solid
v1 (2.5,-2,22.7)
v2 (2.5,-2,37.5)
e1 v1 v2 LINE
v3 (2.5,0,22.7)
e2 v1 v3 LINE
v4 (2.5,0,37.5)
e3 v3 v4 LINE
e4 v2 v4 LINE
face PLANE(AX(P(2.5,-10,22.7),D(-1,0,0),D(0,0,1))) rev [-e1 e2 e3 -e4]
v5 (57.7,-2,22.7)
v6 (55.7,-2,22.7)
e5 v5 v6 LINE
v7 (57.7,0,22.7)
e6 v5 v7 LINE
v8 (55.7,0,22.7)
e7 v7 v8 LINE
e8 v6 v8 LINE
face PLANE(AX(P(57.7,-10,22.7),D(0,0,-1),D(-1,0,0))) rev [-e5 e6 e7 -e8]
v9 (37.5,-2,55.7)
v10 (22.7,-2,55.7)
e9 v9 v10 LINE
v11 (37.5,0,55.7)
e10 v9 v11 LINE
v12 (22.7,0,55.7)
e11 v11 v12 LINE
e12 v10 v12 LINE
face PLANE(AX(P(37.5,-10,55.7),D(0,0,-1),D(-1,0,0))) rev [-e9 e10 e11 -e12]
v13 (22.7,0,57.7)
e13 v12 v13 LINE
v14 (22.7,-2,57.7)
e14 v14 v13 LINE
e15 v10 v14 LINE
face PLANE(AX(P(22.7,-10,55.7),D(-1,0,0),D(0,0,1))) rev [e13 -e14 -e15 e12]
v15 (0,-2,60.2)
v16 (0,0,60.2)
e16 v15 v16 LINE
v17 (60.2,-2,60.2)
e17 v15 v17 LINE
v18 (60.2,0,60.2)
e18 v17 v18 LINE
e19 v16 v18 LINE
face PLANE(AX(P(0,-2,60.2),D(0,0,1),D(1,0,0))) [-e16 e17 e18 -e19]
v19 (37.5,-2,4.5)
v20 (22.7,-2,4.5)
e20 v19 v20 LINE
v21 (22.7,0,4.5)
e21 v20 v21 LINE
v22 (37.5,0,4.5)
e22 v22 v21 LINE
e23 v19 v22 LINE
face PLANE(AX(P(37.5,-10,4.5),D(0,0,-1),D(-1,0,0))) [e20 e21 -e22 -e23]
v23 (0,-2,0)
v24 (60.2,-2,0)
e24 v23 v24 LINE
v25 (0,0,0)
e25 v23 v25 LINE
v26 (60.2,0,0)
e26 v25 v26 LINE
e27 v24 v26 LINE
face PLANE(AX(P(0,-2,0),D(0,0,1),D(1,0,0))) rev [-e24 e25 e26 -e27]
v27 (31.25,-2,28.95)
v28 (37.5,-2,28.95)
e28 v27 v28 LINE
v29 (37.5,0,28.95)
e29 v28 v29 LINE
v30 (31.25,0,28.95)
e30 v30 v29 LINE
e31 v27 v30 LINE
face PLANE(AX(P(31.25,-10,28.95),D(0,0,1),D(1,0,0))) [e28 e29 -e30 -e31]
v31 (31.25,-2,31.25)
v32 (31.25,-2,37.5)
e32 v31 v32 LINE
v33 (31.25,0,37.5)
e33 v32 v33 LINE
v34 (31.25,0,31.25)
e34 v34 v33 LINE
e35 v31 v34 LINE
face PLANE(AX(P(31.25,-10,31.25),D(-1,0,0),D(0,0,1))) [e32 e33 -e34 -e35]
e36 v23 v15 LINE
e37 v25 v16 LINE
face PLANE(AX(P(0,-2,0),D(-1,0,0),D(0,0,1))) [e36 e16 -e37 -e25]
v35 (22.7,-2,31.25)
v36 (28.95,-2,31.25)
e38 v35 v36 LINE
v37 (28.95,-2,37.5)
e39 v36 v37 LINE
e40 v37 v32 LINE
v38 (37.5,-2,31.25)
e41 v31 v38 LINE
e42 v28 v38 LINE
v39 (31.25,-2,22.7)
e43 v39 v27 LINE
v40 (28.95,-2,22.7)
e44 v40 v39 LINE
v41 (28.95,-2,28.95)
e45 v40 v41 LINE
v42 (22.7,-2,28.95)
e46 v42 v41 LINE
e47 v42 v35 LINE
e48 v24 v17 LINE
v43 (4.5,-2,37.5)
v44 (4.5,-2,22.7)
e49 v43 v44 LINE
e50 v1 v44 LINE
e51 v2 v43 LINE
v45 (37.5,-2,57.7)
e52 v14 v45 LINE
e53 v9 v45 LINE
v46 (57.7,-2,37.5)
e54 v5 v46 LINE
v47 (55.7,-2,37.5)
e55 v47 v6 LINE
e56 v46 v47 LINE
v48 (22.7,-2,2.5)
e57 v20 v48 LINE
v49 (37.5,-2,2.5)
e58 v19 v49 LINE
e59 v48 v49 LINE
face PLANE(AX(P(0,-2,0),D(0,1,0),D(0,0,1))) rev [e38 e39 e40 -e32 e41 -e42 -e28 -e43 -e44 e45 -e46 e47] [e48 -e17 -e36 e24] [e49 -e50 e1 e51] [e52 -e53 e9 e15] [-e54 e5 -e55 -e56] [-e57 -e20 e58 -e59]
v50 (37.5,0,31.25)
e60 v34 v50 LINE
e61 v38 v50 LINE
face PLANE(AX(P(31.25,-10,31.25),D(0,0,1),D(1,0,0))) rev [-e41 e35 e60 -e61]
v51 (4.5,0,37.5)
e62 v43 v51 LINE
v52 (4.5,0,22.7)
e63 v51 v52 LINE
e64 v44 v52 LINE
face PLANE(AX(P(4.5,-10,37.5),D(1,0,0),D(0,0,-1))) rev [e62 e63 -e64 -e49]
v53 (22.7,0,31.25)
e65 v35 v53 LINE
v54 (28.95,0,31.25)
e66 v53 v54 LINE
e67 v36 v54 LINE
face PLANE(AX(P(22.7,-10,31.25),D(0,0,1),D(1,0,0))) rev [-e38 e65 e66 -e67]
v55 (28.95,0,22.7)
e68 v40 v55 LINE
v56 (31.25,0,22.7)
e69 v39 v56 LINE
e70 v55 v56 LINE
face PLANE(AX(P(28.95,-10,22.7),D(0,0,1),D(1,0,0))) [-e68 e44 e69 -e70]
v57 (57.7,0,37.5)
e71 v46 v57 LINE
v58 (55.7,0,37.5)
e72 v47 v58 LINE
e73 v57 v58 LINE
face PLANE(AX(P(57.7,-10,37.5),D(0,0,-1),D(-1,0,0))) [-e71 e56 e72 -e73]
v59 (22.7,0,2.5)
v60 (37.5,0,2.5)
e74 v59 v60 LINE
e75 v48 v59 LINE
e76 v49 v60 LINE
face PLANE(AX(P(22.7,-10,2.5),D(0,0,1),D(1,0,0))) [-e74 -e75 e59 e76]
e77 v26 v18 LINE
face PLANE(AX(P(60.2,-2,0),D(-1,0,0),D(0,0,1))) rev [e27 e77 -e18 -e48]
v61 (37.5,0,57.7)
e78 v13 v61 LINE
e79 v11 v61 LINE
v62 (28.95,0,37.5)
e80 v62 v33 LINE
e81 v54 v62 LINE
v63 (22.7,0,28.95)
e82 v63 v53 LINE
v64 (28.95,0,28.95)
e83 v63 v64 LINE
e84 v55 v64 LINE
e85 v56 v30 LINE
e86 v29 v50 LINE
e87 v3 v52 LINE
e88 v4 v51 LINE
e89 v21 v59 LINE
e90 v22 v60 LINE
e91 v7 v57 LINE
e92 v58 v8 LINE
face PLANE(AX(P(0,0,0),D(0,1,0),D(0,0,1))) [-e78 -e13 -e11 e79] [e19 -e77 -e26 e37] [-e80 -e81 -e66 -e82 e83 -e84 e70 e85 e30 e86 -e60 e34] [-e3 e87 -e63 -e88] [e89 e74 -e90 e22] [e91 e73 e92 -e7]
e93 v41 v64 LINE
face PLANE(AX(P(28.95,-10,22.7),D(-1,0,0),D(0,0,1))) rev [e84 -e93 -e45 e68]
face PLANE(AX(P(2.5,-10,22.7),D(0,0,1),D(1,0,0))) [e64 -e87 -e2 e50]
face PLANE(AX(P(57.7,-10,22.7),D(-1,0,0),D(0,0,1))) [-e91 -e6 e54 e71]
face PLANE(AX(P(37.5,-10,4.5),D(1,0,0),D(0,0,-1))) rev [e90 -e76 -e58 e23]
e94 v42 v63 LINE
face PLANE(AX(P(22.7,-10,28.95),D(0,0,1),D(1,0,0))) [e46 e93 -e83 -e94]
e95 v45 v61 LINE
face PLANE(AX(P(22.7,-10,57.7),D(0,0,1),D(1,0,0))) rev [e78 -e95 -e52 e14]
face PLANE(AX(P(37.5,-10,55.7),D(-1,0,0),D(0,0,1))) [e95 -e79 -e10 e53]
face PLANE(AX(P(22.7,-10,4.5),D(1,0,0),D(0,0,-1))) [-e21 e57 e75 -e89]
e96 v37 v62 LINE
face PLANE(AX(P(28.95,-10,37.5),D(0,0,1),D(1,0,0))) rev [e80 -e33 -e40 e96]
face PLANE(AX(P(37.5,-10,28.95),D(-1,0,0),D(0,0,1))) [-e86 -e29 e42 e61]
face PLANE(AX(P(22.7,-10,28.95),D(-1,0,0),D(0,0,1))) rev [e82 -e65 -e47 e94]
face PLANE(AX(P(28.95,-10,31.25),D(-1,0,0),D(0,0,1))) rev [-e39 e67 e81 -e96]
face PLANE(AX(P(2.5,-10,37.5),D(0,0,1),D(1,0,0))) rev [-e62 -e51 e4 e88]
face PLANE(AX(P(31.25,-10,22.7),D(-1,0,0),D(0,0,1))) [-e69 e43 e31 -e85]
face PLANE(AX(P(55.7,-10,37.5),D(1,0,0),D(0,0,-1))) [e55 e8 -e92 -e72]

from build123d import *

# Parameters (mm, degrees)
CROQUIS1_W              = 60.2
CROQUIS1_H              = 60.2
SALIENTE_EXTRUIR2_DEPTH = 2
CROQUIS1_5_W            = 14.8
CROQUIS1_5_H            = 2
CROQUIS1_5_W_2          = 2
CROQUIS1_5_H_2          = 14.8
CORTAR_EXTRUIR1_DEPTH   = 10


with BuildPart() as part:
    # Croquis1 → Saliente-Extruir2 (new body)
    with BuildSketch(Plane(origin=(0, 0, 0), x_dir=(1, 0, 0), z_dir=(0, 1, 0))):
        with Locations((30.1, -30.1)):
            Rectangle(CROQUIS1_W, CROQUIS1_H)
    extrude(amount=-SALIENTE_EXTRUIR2_DEPTH)

    # Croquis1_5 → Cortar-Extruir1 (cut)
    with BuildSketch(Plane(origin=(0, 0, 0), x_dir=(1, 0, 0), z_dir=(0, 1, 0))):
        with Locations((30.1, -56.7)):
            Rectangle(CROQUIS1_5_W, CROQUIS1_5_H)
        with Locations((30.1, -3.5)):
            Rectangle(CROQUIS1_5_W, CROQUIS1_5_H)
        with Locations((3.5, -30.1)):
            Rectangle(CROQUIS1_5_W_2, CROQUIS1_5_H_2)
        with Locations((56.7, -30.1)):
            Rectangle(CROQUIS1_5_W_2, CROQUIS1_5_H_2)
        Polygon((28.95, -22.7), (28.95, -28.95), (22.7, -28.95), (22.7, -31.25), (28.95, -31.25), (28.95, -37.5), (31.25, -37.5), (31.25, -31.25), (37.5, -31.25), (37.5, -28.95), (31.25, -28.95), (31.25, -22.7), align=None)
    extrude(amount=-CORTAR_EXTRUIR1_DEPTH, mode=Mode.SUBTRACT)


solid = part.part
